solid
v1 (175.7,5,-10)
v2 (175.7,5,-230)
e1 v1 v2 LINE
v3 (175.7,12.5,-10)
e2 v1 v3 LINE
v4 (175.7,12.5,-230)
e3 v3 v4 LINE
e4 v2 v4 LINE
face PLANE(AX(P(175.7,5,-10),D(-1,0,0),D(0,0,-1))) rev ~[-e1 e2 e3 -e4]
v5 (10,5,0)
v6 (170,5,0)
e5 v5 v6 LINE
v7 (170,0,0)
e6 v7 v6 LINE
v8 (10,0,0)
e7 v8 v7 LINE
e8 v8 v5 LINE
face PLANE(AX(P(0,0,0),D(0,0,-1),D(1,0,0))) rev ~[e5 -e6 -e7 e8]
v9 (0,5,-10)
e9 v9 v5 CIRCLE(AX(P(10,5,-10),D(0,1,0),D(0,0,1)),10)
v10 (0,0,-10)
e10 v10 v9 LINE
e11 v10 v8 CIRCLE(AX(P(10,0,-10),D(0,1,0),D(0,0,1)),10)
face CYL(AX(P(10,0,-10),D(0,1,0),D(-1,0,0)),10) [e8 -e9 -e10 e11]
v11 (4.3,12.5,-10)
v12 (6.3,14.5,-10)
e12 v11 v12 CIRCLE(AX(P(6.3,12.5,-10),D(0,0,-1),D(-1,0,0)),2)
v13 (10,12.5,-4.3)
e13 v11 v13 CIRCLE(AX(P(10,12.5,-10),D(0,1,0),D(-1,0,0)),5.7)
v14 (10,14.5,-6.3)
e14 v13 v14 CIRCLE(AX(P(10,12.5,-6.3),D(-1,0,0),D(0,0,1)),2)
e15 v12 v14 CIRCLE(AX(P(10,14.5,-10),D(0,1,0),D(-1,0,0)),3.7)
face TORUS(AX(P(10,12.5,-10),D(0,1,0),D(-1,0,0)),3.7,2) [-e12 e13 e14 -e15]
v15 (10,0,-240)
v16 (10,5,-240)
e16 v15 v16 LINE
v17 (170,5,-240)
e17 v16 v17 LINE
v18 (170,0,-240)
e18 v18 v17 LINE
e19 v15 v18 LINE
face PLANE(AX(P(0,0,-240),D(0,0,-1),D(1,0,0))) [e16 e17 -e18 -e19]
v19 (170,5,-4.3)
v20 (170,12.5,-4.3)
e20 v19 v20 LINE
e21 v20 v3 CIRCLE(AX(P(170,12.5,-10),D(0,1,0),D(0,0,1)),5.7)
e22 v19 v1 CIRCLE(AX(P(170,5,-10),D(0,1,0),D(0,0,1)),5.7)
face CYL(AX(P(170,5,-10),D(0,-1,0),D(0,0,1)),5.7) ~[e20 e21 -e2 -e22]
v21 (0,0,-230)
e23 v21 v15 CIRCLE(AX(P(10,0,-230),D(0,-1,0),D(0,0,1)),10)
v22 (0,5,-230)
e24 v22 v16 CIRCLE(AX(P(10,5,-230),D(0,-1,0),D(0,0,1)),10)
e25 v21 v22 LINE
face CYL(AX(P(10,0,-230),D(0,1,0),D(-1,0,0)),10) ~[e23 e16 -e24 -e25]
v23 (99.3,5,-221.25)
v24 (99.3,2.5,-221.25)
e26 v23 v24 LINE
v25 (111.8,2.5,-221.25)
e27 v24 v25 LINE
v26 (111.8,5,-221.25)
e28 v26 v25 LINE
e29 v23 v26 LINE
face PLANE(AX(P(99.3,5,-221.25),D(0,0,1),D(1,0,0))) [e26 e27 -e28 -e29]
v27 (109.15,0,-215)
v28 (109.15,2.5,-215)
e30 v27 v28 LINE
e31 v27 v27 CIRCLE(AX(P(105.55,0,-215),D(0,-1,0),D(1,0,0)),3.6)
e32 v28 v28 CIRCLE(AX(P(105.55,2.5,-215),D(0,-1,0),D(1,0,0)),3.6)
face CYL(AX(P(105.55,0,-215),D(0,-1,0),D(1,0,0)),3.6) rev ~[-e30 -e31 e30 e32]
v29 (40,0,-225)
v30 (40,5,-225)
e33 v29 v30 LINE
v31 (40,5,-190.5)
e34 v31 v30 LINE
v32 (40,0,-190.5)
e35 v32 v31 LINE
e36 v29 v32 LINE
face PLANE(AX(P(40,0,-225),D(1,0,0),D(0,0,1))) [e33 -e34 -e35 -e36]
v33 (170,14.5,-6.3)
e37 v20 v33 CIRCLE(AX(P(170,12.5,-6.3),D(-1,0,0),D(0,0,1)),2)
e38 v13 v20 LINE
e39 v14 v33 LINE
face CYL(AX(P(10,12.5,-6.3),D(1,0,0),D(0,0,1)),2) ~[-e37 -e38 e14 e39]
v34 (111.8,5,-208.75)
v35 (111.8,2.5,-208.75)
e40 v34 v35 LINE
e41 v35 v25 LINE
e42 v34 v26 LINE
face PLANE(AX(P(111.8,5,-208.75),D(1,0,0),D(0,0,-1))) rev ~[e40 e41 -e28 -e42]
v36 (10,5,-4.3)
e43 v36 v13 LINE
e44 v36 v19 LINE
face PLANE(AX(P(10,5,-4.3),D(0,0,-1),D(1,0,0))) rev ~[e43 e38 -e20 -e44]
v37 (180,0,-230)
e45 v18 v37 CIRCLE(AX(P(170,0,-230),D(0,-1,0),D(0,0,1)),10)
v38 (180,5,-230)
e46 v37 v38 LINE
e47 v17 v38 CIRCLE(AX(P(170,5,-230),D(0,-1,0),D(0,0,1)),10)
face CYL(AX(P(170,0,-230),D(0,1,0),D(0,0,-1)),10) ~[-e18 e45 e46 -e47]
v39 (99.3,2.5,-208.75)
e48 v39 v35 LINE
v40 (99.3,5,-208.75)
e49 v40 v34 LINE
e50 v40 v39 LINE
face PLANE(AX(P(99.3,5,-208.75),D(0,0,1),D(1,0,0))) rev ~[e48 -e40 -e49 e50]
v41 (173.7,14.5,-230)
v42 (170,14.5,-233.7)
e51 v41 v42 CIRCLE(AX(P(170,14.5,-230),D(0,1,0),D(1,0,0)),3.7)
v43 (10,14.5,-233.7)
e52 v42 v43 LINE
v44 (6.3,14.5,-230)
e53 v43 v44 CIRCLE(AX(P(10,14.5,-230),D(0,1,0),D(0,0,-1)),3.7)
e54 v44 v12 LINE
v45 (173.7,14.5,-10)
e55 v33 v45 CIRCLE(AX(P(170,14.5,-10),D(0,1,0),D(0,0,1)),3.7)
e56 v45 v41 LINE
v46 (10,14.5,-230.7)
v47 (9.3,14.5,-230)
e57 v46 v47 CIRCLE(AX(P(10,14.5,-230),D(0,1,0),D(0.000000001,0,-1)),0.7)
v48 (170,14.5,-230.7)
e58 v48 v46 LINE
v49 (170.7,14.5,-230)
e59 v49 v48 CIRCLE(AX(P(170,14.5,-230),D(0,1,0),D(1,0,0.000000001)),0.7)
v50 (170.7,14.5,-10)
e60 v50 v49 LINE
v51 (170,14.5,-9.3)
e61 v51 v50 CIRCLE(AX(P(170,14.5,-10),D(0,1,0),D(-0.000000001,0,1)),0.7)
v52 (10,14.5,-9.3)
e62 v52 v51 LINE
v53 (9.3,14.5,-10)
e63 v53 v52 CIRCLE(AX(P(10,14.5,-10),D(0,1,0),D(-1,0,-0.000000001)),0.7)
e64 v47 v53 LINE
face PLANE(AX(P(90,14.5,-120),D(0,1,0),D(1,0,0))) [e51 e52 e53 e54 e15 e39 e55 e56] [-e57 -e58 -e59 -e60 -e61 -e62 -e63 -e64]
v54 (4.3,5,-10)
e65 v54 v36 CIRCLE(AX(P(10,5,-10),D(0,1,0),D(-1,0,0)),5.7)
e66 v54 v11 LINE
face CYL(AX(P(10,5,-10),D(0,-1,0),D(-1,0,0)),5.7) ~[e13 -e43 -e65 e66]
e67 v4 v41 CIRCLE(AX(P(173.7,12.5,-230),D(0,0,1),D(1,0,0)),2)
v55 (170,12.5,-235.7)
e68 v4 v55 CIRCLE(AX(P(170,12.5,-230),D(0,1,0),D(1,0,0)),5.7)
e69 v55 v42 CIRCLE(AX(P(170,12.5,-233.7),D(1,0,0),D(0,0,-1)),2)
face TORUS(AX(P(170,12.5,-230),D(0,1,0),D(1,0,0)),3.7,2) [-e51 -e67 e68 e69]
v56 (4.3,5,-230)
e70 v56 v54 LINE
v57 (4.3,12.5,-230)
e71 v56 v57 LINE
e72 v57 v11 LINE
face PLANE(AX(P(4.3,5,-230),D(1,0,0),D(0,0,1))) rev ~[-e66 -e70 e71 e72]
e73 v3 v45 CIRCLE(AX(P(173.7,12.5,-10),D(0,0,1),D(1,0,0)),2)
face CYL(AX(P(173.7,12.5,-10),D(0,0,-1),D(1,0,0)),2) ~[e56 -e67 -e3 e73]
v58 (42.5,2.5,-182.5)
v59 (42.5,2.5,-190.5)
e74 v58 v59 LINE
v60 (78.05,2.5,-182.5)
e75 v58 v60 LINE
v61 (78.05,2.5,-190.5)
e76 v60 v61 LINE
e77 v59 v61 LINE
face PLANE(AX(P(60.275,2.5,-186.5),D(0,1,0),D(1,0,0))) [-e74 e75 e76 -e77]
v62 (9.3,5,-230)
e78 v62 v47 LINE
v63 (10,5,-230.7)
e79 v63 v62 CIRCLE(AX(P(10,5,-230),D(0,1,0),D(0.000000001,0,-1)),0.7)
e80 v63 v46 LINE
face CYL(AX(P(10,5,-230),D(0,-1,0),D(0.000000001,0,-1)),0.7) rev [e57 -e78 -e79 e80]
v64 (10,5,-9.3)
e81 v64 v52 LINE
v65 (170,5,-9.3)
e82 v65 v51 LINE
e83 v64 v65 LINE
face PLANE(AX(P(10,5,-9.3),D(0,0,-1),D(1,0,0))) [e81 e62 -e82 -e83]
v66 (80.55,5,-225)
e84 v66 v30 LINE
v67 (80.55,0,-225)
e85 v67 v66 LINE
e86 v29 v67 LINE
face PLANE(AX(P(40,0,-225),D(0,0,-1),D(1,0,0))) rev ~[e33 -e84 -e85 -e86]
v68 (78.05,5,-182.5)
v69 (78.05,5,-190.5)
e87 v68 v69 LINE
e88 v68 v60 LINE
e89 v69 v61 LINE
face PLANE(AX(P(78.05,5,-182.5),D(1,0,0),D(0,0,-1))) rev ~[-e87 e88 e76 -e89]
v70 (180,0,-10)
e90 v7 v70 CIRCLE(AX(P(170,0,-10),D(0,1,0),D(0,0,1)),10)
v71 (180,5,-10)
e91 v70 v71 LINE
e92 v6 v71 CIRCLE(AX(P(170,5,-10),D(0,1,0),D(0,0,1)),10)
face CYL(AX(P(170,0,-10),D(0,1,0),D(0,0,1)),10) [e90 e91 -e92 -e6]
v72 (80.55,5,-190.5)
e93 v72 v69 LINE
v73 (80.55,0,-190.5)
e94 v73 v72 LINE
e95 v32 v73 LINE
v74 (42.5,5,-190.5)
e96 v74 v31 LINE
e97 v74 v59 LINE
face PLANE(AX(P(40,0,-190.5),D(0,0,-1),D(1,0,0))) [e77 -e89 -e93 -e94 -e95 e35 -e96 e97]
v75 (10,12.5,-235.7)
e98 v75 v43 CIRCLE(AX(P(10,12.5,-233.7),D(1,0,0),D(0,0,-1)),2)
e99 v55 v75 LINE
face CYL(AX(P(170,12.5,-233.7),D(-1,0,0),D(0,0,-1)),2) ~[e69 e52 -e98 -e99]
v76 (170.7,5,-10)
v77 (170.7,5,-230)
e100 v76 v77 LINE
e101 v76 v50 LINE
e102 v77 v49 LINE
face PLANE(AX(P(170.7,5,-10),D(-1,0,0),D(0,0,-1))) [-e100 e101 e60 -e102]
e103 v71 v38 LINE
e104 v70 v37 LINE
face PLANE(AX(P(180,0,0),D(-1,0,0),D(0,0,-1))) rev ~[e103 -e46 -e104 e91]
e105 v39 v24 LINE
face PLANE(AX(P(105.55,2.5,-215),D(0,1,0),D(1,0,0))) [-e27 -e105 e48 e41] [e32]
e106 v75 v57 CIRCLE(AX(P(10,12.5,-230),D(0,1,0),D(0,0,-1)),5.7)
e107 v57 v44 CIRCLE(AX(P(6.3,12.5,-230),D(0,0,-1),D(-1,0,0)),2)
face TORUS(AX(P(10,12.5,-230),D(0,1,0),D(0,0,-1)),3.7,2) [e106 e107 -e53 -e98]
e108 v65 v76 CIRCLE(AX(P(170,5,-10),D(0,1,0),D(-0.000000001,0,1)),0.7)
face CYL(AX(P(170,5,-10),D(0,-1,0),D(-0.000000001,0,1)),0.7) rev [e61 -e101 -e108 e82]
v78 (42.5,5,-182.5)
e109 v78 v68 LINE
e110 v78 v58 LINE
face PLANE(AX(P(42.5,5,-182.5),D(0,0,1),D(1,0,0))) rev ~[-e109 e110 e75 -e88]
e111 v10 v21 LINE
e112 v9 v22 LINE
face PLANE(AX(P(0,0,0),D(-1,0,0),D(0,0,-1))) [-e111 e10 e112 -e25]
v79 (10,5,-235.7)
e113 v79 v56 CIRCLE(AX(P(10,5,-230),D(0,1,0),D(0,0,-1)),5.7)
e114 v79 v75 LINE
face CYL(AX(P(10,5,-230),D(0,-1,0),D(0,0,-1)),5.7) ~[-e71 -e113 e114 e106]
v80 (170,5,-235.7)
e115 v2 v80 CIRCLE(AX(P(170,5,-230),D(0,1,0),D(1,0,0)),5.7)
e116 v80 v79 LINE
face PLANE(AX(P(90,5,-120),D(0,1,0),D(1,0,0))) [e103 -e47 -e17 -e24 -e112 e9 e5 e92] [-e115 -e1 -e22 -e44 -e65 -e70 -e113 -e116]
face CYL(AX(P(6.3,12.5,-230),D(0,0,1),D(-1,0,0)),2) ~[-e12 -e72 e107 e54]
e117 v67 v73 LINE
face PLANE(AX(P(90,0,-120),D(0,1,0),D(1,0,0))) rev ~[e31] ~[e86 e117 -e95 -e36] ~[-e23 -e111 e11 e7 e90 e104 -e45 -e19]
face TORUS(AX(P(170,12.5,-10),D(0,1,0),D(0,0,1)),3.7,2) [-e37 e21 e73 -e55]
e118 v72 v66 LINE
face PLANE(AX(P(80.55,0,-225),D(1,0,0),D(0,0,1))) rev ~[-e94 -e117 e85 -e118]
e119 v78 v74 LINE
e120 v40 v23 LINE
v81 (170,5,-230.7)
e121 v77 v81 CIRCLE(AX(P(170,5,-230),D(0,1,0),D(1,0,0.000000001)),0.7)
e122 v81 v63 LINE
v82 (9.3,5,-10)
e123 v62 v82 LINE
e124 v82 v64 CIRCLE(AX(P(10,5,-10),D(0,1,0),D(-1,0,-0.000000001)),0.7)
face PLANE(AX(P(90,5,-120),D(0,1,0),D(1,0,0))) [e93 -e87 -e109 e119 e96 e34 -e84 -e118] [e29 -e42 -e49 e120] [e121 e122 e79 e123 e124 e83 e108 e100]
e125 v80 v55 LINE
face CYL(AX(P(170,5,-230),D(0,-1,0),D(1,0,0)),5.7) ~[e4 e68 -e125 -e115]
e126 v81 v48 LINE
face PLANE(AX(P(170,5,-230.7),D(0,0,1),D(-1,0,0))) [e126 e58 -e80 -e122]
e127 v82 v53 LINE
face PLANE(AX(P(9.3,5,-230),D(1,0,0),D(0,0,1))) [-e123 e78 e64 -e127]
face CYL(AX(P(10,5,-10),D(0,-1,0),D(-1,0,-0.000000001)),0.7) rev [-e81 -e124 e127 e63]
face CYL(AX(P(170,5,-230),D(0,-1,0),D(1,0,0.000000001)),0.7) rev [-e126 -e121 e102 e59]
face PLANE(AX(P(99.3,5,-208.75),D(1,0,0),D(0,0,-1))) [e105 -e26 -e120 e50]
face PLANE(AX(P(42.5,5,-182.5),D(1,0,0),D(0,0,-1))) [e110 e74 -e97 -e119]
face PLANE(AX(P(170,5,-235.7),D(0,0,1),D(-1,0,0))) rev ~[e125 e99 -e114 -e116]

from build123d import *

# Parameters (mm, degrees)
SKETCH1_W           = 180
SKETCH1_H           = 240
BOSS_EXTRUDE1_DEPTH = 5
SKETCH2_R           = 3.6
SKETCH2_W           = 40.55
SKETCH2_H           = 34.5
CUT_EXTRUDE1_DEPTH  = 6
SKETCH3_W           = 12.5
SKETCH3_H           = 12.5
CUT_EXTRUDE2_DEPTH  = 2.5
SKETCH4_W           = 35.55
SKETCH4_H           = 8
CUT_EXTRUDE3_DEPTH  = 2.5
FILLET1_R           = 10
BOSS_EXTRUDE2_DEPTH = 9.5
FILLET2_R           = 2


with BuildPart() as part:
    # Sketch1 → Boss-Extrude1 (new body)
    with BuildSketch(Plane(origin=(0, 0, 0), x_dir=(1, 0, 0), z_dir=(0, 1, 0))):
        with Locations((90, 120)):
            Rectangle(SKETCH1_W, SKETCH1_H)
    extrude(amount=BOSS_EXTRUDE1_DEPTH)

    # Sketch2 → Cut-Extrude1 (cut, through all)
    with BuildSketch(Plane.XZ):
        with Locations((105.55, -215)):
            Circle(SKETCH2_R)
        with Locations((60.275, -207.75)):
            Rectangle(SKETCH2_W, SKETCH2_H)
    extrude(amount=-CUT_EXTRUDE1_DEPTH, mode=Mode.SUBTRACT)

    # Sketch3 → Cut-Extrude2 (cut)
    with BuildSketch(Plane(origin=(0, 5, 0), x_dir=(1, 0, 0), z_dir=(0, 1, 0))):
        with Locations((105.55, 215)):
            Rectangle(SKETCH3_W, SKETCH3_H)
    extrude(amount=-CUT_EXTRUDE2_DEPTH, mode=Mode.SUBTRACT)

    # Sketch4 → Cut-Extrude3 (cut)
    with BuildSketch(Plane(origin=(0, 5, 0), x_dir=(1, 0, 0), z_dir=(0, 1, 0))):
        with Locations((60.275, 186.5)):
            Rectangle(SKETCH4_W, SKETCH4_H)
    extrude(amount=-CUT_EXTRUDE3_DEPTH, mode=Mode.SUBTRACT)

    # Fillet1
    fillet1_edges = [part.edges().sort_by_distance(p)[0] for p in [
        (0, 2.5, -240),
        (180, 2.5, -240),
        (180, 2.5, 0),
        (0, 2.5, 0),
    ]]
    fillet(fillet1_edges, radius=FILLET1_R)

    # Sketch6 → Boss-Extrude2 (add)
    with BuildSketch(Plane(origin=(0, 5, 0), x_dir=(1, 0, 0), z_dir=(0, 1, 0))):
        with BuildLine():
            Line((175.7, 10), (175.7, 230))
            ThreePointArc((175.7, 230), (174.030508653, 234.030508653), (170, 235.7))
            Line((170, 235.7), (10, 235.7))
            ThreePointArc((10, 235.7), (5.969491347, 234.030508653), (4.3, 230))
            Line((4.3, 230), (4.3, 10))
            ThreePointArc((4.3, 10), (5.969491347, 5.969491347), (10, 4.3))
            Line((10, 4.3), (170, 4.3))
            ThreePointArc((170, 4.3), (174.030508653, 5.969491347), (175.7, 10))
        make_face()
        with BuildLine():
            Line((170.7, 10), (170.7, 230))
            ThreePointArc((170.7, 230), (170.494974747, 230.494974747), (170, 230.7))
            Line((170, 230.7), (10, 230.7))
            ThreePointArc((10, 230.7), (9.505025253, 230.494974747), (9.3, 230))
            Line((9.3, 230), (9.3, 10))
            ThreePointArc((9.3, 10), (9.505025253, 9.505025253), (10, 9.3))
            Line((10, 9.3), (170, 9.3))
            ThreePointArc((170, 9.3), (170.494974747, 9.505025253), (170.7, 10))
        make_face(mode=Mode.SUBTRACT)
    extrude(amount=BOSS_EXTRUDE2_DEPTH)

    # Fillet2
    fillet2_edges = [part.edges().sort_by_distance(p)[0] for p in [
        (174.030508653, 14.5, -5.969491347),
        (175.7, 14.5, -120),
        (174.030508653, 14.5, -234.030508653),
        (90, 14.5, -235.7),
        (5.969491347, 14.5, -234.030508653),
        (4.3, 14.5, -120),
        (5.969491347, 14.5, -5.969491347),
        (90, 14.5, -4.3),
    ]]
    fillet(fillet2_edges, radius=FILLET2_R)


solid = part.part
